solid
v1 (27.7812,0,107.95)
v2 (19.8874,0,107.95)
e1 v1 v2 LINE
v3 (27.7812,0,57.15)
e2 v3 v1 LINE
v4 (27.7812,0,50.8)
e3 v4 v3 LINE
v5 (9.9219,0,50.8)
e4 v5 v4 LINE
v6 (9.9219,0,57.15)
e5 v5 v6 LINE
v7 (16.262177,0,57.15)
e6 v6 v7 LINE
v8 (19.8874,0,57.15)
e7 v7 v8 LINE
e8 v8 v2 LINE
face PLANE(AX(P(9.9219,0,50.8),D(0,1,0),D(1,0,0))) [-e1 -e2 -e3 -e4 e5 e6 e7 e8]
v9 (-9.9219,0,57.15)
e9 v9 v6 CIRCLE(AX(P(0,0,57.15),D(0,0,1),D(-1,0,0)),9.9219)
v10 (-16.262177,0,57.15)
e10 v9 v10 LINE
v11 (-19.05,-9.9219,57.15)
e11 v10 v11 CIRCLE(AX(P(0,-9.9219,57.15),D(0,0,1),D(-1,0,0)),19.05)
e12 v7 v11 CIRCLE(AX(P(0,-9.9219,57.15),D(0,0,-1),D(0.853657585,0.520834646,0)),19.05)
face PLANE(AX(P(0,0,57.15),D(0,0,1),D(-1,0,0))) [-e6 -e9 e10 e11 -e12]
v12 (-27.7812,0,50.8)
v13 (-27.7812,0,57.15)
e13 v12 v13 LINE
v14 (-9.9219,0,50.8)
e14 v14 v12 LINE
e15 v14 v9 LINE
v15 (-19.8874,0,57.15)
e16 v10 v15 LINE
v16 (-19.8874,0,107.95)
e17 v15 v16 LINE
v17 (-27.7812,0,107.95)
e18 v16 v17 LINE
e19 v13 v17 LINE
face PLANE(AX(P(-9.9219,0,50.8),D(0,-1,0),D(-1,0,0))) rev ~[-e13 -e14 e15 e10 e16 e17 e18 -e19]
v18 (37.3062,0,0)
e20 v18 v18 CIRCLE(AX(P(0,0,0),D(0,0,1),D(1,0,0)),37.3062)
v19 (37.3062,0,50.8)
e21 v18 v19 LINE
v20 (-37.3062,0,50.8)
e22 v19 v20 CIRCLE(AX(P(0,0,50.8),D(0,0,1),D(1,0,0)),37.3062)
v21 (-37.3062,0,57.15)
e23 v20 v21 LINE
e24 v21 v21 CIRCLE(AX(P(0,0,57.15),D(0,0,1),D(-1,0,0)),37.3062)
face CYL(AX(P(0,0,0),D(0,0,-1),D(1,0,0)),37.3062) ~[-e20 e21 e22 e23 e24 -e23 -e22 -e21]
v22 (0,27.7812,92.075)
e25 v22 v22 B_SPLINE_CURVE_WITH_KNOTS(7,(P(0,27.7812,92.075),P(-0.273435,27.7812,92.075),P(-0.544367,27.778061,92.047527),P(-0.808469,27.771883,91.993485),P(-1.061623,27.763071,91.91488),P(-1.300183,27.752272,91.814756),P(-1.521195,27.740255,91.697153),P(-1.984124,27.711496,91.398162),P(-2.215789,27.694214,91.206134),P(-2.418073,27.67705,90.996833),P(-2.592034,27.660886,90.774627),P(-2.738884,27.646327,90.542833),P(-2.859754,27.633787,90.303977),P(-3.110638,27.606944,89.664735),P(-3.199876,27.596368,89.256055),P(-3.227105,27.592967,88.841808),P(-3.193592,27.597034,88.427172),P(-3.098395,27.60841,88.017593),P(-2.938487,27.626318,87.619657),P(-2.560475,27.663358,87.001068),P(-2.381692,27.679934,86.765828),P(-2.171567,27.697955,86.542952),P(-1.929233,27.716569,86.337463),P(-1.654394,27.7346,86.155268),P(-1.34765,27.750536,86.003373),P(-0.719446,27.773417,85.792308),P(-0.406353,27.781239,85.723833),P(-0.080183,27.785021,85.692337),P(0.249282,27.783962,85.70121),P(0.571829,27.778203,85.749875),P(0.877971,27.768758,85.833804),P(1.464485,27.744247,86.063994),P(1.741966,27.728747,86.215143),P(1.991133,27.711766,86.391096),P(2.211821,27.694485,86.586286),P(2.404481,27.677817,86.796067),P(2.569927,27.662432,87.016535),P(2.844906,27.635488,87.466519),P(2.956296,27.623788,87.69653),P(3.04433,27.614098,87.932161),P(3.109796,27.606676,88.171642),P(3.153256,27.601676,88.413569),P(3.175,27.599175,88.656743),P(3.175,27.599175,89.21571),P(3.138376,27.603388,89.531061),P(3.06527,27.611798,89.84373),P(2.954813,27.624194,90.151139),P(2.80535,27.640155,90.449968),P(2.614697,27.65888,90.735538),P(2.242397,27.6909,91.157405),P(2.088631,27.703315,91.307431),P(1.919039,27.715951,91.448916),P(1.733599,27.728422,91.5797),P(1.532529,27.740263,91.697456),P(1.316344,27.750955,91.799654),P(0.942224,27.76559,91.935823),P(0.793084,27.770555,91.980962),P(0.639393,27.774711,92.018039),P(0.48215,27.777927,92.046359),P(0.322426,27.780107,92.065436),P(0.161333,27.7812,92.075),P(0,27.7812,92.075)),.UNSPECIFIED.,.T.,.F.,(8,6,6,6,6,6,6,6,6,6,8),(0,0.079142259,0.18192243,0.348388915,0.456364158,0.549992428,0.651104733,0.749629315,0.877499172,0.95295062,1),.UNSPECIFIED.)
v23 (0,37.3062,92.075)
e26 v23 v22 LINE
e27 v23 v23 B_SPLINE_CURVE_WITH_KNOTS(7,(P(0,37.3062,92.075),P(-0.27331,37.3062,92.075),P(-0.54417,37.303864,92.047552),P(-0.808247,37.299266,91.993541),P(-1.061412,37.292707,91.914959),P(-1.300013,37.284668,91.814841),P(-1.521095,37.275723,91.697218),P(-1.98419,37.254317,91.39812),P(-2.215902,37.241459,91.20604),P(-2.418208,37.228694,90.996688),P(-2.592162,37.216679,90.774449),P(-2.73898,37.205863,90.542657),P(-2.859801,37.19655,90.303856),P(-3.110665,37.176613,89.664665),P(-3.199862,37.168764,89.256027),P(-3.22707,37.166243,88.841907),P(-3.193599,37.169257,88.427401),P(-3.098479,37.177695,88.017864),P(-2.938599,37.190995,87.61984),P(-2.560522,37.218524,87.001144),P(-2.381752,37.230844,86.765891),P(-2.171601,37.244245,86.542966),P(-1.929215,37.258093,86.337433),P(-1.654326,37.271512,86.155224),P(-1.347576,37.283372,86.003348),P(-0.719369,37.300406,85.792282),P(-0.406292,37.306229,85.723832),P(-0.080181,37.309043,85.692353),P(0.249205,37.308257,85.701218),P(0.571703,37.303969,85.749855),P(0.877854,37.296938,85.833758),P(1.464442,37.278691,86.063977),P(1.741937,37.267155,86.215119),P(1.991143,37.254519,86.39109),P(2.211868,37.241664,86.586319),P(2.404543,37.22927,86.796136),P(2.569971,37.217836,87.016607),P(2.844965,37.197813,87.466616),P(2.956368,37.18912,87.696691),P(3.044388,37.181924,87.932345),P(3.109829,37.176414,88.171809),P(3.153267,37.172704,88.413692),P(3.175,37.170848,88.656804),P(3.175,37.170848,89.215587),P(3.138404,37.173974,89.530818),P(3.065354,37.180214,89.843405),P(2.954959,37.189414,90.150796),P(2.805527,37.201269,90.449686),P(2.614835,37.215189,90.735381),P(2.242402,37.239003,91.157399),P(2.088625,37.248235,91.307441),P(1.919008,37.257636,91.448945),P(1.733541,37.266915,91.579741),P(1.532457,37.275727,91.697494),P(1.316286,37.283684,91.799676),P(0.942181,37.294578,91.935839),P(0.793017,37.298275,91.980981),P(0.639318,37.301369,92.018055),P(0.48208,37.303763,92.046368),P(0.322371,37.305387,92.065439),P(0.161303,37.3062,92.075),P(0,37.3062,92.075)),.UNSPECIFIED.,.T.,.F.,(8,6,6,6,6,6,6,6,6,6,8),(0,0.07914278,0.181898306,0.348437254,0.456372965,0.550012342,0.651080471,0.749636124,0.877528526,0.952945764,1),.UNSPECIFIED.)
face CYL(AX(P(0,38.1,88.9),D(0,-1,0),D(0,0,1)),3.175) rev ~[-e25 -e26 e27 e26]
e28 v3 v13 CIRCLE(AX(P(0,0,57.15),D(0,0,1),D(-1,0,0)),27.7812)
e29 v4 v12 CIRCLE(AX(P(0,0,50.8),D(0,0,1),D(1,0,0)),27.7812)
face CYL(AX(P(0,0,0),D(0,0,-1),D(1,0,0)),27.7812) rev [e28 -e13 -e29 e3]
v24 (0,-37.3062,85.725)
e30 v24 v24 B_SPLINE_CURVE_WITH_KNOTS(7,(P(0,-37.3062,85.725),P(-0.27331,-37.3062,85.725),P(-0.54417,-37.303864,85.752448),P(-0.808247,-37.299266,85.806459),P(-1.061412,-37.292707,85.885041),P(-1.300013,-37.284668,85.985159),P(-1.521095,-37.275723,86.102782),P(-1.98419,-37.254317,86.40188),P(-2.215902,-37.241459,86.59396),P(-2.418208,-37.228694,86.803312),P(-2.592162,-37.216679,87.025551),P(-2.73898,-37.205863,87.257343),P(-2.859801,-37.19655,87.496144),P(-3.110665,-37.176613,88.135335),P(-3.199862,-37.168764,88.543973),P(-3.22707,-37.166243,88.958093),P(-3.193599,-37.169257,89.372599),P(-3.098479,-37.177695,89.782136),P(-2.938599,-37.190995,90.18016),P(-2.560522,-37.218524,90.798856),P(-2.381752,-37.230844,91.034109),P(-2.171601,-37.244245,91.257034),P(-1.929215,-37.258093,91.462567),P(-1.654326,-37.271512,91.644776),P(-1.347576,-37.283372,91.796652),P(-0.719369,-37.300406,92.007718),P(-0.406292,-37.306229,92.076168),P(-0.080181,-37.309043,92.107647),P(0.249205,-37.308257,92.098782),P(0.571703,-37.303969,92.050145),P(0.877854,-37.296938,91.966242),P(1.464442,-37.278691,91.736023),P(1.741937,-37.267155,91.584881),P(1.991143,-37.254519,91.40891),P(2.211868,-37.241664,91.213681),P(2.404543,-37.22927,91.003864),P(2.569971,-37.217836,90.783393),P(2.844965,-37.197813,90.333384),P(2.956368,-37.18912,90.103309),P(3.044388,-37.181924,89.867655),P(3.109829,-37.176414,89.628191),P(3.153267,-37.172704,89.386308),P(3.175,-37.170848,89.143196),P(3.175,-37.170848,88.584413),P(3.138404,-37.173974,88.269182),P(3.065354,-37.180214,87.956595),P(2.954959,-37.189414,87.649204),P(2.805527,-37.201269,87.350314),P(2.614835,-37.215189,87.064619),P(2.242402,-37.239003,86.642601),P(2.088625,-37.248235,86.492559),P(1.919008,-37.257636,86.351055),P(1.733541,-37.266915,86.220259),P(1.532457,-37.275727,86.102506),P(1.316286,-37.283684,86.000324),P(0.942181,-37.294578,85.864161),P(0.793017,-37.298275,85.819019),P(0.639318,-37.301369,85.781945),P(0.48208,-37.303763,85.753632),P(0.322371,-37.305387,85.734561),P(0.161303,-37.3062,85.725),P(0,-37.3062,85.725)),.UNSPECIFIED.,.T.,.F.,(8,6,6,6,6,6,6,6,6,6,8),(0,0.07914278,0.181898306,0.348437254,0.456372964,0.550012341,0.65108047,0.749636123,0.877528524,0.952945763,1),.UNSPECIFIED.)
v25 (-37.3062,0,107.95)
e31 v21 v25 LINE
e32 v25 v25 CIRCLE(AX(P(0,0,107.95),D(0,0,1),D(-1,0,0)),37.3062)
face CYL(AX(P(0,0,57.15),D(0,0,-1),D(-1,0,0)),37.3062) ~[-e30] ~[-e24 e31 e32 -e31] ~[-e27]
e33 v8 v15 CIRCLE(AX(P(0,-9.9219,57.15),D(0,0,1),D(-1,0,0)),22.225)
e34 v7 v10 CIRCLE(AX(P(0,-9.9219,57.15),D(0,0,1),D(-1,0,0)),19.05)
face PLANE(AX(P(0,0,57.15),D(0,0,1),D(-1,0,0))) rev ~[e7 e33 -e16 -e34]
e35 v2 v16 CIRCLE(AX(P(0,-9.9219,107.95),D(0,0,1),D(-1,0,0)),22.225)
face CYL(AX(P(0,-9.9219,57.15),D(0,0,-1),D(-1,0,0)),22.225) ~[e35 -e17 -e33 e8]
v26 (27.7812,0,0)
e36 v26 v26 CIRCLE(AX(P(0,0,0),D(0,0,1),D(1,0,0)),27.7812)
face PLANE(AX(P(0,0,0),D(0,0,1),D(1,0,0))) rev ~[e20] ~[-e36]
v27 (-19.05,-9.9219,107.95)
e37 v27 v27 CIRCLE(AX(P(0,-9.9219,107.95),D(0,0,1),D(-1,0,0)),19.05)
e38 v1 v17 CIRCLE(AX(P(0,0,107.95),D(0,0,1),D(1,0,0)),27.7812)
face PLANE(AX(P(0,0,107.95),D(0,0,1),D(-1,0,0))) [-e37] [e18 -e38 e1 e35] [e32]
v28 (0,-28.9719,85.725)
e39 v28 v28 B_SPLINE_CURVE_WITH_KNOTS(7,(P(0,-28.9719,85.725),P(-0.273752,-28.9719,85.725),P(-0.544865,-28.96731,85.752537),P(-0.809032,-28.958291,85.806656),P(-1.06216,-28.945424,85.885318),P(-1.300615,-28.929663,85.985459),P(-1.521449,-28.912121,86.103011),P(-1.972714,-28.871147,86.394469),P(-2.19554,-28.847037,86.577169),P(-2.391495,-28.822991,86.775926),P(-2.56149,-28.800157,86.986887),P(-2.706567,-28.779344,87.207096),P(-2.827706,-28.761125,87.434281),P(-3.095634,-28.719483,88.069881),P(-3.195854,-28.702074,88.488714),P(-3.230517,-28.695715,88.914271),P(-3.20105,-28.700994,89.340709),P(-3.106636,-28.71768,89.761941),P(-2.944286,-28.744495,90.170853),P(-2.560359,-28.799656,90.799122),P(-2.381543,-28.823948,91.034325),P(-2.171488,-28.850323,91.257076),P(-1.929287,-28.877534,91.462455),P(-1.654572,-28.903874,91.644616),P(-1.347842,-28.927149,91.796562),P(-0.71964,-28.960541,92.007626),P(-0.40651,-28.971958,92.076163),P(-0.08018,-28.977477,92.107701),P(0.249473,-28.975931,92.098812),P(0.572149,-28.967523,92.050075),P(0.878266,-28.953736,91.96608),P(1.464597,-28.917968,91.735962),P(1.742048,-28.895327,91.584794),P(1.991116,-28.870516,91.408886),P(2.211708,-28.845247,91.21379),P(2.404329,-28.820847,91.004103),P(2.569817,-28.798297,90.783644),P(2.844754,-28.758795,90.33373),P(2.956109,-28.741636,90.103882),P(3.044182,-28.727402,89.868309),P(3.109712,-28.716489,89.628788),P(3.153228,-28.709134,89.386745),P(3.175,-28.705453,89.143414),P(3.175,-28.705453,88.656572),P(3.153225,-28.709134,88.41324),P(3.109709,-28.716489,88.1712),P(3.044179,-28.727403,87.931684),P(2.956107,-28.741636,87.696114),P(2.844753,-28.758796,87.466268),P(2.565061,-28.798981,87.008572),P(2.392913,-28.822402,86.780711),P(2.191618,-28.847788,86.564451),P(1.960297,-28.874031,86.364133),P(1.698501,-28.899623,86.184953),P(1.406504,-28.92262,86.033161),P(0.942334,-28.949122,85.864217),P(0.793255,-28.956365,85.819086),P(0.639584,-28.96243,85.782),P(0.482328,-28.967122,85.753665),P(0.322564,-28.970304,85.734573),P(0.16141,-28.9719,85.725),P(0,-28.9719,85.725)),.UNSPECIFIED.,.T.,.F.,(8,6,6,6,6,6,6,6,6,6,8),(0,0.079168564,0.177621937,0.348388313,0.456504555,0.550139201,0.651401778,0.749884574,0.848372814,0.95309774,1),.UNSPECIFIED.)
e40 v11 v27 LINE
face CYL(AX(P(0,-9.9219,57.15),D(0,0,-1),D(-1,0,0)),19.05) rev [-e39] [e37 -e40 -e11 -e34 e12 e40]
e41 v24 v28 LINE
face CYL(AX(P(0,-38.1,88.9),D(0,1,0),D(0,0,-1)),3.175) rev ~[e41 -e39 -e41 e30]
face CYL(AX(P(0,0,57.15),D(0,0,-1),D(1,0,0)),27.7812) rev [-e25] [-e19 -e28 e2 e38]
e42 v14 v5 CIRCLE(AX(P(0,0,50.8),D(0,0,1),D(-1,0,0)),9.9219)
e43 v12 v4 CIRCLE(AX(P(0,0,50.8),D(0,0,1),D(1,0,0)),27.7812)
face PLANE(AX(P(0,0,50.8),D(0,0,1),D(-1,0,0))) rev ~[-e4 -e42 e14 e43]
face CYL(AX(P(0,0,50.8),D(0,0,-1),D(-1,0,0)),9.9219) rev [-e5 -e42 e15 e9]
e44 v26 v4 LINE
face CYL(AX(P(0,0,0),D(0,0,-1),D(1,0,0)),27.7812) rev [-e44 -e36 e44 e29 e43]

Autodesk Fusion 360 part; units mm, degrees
sketch "Sketch8" plane through (0, 0, 0) normal (0, 0, 1) x (1, 0, 0)
  circle A0 centre (0, 0) radius 37.3062
  circle A1 centre (0, 0) radius 27.7812
  dimension "d25" = 74.6125
  dimension "d26" = 55.5625
extrude "Extrude4" add sketch "Sketch8" along normal blind 50.8
sketch "Sketch9" plane through (0, 0, 50.8) normal (0, 0, 1) x (-1, 0, 0)
  circle A0 centre (0, 0) radius 27.7812
  circle A1 centre (0, 0) radius 37.3062
  circle A2 centre (0, 0) radius 37.3062
  circle A3 centre (0, 0) radius 9.9219
  line L0 (0, 0) -> (-27.7812, 0)
  line L1 (0, 0) -> (27.7812, 0)
  dimension "d29" = 19.8438
extrude "Extrude5" add sketch "Sketch9" along normal blind 6.35 contours A0 A3 L0 L1 | A1 A2 picked at (-14.6242, 16.1245)
sketch "Sketch10" plane through (0, 0, 57.15) normal (0, 0, 1) x (-1, 0, 0)
  arc A0 (9.9219, 0) -> (-9.9219, 0) centre (0, 0) ccw
  line L0 (9.9219, 0) -> (27.7812, 0)
  arc A1 (-27.7812, 0) -> (27.7812, 0) centre (0, 0) ccw
  line L1 (-27.7812, 0) -> (-9.9219, 0)
  circle A2 centre (0, 0) radius 37.3062
  line L2 (0, 0) -> (0, 9.9219)
  circle A3 centre (0, 9.9219) radius 19.05
  circle A4 centre (0, 9.9219) radius 22.225
  circle A5 centre (0, 0) radius 32.1469
  circle A6 centre (0, 0) radius 37.3062
  circle A7 centre (0, 0) radius 27.7812
  line L3 (27.7812, 0) -> (19.8874, 0)
  line L4 (-19.8874, 0) -> (-27.7812, 0)
  dimension "d32" = 38.1
  dimension "d33" = 44.45
extrude "Extrude6" add sketch "Sketch10" along normal blind 50.8 contours L0 A3 A4 A7 | L0 L1 A3 A4 | L0 A4 A7 L3 | L1 A3 A4 A7 | A5 | L1 A4 A7 L4 | A3 A4 A7 | A2 A6
ref_plane "WorkPlane1" through (0, -38.1, 0) normal (0, 1, 0) x (0, 0, 1)
sketch "Sketch11" plane through (0, -38.1, 0) normal (0, 1, 0) x (1, 0, 0)
  line L0 (0, 0) -> (0, -88.9)
  circle A0 centre (0, -88.9) radius 3.175
  dimension "d37" = 6.35
hole "Hole2" at (0, -38.1, 88.9) direction (0, 1, 0) diameter 6.35 depth 15.24 tip angle 118
ref_plane "WorkPlane2" through (0, 38.1, 0) normal (0, 1, 0) x (0, 0, 1)
sketch "Sketch12" plane through (0, 38.1, 0) normal (0, 1, 0) x (1, 0, 0)
  line L0 (0, 0) -> (0, -88.9)
  circle A0 centre (0, -88.9) radius 3.175
  line L1 (0, -88.9) -> (0, -107.95)
  dimension "d42" = 88.9
  dimension "d43" = 6.35
  dimension "d47" = 19.05
hole "Hole3" at (0, 38.1, 88.9) direction (0, -1, 0) diameter 6.35 depth 15.24 tip angle 118
sketch "Sketch7" plane through (0, 0, 0) normal (0, 0, 1) x (1, 0, 0)
equation "d25 = 3 in - ( ( 1 / 16 ) * 1 in )"
equation "d26 = 3 in - ( ( 1 / 16 ) * 1 in ) - ( ( 3 / 4 ) * 1 in )"
equation "d29 = ( ( 3 / 4 ) * 1 in ) + ( 1 / 32 ) * 1 in"
equation "d33 = 1.5 in + ( ( 1 / 4 ) * 1 in )"
